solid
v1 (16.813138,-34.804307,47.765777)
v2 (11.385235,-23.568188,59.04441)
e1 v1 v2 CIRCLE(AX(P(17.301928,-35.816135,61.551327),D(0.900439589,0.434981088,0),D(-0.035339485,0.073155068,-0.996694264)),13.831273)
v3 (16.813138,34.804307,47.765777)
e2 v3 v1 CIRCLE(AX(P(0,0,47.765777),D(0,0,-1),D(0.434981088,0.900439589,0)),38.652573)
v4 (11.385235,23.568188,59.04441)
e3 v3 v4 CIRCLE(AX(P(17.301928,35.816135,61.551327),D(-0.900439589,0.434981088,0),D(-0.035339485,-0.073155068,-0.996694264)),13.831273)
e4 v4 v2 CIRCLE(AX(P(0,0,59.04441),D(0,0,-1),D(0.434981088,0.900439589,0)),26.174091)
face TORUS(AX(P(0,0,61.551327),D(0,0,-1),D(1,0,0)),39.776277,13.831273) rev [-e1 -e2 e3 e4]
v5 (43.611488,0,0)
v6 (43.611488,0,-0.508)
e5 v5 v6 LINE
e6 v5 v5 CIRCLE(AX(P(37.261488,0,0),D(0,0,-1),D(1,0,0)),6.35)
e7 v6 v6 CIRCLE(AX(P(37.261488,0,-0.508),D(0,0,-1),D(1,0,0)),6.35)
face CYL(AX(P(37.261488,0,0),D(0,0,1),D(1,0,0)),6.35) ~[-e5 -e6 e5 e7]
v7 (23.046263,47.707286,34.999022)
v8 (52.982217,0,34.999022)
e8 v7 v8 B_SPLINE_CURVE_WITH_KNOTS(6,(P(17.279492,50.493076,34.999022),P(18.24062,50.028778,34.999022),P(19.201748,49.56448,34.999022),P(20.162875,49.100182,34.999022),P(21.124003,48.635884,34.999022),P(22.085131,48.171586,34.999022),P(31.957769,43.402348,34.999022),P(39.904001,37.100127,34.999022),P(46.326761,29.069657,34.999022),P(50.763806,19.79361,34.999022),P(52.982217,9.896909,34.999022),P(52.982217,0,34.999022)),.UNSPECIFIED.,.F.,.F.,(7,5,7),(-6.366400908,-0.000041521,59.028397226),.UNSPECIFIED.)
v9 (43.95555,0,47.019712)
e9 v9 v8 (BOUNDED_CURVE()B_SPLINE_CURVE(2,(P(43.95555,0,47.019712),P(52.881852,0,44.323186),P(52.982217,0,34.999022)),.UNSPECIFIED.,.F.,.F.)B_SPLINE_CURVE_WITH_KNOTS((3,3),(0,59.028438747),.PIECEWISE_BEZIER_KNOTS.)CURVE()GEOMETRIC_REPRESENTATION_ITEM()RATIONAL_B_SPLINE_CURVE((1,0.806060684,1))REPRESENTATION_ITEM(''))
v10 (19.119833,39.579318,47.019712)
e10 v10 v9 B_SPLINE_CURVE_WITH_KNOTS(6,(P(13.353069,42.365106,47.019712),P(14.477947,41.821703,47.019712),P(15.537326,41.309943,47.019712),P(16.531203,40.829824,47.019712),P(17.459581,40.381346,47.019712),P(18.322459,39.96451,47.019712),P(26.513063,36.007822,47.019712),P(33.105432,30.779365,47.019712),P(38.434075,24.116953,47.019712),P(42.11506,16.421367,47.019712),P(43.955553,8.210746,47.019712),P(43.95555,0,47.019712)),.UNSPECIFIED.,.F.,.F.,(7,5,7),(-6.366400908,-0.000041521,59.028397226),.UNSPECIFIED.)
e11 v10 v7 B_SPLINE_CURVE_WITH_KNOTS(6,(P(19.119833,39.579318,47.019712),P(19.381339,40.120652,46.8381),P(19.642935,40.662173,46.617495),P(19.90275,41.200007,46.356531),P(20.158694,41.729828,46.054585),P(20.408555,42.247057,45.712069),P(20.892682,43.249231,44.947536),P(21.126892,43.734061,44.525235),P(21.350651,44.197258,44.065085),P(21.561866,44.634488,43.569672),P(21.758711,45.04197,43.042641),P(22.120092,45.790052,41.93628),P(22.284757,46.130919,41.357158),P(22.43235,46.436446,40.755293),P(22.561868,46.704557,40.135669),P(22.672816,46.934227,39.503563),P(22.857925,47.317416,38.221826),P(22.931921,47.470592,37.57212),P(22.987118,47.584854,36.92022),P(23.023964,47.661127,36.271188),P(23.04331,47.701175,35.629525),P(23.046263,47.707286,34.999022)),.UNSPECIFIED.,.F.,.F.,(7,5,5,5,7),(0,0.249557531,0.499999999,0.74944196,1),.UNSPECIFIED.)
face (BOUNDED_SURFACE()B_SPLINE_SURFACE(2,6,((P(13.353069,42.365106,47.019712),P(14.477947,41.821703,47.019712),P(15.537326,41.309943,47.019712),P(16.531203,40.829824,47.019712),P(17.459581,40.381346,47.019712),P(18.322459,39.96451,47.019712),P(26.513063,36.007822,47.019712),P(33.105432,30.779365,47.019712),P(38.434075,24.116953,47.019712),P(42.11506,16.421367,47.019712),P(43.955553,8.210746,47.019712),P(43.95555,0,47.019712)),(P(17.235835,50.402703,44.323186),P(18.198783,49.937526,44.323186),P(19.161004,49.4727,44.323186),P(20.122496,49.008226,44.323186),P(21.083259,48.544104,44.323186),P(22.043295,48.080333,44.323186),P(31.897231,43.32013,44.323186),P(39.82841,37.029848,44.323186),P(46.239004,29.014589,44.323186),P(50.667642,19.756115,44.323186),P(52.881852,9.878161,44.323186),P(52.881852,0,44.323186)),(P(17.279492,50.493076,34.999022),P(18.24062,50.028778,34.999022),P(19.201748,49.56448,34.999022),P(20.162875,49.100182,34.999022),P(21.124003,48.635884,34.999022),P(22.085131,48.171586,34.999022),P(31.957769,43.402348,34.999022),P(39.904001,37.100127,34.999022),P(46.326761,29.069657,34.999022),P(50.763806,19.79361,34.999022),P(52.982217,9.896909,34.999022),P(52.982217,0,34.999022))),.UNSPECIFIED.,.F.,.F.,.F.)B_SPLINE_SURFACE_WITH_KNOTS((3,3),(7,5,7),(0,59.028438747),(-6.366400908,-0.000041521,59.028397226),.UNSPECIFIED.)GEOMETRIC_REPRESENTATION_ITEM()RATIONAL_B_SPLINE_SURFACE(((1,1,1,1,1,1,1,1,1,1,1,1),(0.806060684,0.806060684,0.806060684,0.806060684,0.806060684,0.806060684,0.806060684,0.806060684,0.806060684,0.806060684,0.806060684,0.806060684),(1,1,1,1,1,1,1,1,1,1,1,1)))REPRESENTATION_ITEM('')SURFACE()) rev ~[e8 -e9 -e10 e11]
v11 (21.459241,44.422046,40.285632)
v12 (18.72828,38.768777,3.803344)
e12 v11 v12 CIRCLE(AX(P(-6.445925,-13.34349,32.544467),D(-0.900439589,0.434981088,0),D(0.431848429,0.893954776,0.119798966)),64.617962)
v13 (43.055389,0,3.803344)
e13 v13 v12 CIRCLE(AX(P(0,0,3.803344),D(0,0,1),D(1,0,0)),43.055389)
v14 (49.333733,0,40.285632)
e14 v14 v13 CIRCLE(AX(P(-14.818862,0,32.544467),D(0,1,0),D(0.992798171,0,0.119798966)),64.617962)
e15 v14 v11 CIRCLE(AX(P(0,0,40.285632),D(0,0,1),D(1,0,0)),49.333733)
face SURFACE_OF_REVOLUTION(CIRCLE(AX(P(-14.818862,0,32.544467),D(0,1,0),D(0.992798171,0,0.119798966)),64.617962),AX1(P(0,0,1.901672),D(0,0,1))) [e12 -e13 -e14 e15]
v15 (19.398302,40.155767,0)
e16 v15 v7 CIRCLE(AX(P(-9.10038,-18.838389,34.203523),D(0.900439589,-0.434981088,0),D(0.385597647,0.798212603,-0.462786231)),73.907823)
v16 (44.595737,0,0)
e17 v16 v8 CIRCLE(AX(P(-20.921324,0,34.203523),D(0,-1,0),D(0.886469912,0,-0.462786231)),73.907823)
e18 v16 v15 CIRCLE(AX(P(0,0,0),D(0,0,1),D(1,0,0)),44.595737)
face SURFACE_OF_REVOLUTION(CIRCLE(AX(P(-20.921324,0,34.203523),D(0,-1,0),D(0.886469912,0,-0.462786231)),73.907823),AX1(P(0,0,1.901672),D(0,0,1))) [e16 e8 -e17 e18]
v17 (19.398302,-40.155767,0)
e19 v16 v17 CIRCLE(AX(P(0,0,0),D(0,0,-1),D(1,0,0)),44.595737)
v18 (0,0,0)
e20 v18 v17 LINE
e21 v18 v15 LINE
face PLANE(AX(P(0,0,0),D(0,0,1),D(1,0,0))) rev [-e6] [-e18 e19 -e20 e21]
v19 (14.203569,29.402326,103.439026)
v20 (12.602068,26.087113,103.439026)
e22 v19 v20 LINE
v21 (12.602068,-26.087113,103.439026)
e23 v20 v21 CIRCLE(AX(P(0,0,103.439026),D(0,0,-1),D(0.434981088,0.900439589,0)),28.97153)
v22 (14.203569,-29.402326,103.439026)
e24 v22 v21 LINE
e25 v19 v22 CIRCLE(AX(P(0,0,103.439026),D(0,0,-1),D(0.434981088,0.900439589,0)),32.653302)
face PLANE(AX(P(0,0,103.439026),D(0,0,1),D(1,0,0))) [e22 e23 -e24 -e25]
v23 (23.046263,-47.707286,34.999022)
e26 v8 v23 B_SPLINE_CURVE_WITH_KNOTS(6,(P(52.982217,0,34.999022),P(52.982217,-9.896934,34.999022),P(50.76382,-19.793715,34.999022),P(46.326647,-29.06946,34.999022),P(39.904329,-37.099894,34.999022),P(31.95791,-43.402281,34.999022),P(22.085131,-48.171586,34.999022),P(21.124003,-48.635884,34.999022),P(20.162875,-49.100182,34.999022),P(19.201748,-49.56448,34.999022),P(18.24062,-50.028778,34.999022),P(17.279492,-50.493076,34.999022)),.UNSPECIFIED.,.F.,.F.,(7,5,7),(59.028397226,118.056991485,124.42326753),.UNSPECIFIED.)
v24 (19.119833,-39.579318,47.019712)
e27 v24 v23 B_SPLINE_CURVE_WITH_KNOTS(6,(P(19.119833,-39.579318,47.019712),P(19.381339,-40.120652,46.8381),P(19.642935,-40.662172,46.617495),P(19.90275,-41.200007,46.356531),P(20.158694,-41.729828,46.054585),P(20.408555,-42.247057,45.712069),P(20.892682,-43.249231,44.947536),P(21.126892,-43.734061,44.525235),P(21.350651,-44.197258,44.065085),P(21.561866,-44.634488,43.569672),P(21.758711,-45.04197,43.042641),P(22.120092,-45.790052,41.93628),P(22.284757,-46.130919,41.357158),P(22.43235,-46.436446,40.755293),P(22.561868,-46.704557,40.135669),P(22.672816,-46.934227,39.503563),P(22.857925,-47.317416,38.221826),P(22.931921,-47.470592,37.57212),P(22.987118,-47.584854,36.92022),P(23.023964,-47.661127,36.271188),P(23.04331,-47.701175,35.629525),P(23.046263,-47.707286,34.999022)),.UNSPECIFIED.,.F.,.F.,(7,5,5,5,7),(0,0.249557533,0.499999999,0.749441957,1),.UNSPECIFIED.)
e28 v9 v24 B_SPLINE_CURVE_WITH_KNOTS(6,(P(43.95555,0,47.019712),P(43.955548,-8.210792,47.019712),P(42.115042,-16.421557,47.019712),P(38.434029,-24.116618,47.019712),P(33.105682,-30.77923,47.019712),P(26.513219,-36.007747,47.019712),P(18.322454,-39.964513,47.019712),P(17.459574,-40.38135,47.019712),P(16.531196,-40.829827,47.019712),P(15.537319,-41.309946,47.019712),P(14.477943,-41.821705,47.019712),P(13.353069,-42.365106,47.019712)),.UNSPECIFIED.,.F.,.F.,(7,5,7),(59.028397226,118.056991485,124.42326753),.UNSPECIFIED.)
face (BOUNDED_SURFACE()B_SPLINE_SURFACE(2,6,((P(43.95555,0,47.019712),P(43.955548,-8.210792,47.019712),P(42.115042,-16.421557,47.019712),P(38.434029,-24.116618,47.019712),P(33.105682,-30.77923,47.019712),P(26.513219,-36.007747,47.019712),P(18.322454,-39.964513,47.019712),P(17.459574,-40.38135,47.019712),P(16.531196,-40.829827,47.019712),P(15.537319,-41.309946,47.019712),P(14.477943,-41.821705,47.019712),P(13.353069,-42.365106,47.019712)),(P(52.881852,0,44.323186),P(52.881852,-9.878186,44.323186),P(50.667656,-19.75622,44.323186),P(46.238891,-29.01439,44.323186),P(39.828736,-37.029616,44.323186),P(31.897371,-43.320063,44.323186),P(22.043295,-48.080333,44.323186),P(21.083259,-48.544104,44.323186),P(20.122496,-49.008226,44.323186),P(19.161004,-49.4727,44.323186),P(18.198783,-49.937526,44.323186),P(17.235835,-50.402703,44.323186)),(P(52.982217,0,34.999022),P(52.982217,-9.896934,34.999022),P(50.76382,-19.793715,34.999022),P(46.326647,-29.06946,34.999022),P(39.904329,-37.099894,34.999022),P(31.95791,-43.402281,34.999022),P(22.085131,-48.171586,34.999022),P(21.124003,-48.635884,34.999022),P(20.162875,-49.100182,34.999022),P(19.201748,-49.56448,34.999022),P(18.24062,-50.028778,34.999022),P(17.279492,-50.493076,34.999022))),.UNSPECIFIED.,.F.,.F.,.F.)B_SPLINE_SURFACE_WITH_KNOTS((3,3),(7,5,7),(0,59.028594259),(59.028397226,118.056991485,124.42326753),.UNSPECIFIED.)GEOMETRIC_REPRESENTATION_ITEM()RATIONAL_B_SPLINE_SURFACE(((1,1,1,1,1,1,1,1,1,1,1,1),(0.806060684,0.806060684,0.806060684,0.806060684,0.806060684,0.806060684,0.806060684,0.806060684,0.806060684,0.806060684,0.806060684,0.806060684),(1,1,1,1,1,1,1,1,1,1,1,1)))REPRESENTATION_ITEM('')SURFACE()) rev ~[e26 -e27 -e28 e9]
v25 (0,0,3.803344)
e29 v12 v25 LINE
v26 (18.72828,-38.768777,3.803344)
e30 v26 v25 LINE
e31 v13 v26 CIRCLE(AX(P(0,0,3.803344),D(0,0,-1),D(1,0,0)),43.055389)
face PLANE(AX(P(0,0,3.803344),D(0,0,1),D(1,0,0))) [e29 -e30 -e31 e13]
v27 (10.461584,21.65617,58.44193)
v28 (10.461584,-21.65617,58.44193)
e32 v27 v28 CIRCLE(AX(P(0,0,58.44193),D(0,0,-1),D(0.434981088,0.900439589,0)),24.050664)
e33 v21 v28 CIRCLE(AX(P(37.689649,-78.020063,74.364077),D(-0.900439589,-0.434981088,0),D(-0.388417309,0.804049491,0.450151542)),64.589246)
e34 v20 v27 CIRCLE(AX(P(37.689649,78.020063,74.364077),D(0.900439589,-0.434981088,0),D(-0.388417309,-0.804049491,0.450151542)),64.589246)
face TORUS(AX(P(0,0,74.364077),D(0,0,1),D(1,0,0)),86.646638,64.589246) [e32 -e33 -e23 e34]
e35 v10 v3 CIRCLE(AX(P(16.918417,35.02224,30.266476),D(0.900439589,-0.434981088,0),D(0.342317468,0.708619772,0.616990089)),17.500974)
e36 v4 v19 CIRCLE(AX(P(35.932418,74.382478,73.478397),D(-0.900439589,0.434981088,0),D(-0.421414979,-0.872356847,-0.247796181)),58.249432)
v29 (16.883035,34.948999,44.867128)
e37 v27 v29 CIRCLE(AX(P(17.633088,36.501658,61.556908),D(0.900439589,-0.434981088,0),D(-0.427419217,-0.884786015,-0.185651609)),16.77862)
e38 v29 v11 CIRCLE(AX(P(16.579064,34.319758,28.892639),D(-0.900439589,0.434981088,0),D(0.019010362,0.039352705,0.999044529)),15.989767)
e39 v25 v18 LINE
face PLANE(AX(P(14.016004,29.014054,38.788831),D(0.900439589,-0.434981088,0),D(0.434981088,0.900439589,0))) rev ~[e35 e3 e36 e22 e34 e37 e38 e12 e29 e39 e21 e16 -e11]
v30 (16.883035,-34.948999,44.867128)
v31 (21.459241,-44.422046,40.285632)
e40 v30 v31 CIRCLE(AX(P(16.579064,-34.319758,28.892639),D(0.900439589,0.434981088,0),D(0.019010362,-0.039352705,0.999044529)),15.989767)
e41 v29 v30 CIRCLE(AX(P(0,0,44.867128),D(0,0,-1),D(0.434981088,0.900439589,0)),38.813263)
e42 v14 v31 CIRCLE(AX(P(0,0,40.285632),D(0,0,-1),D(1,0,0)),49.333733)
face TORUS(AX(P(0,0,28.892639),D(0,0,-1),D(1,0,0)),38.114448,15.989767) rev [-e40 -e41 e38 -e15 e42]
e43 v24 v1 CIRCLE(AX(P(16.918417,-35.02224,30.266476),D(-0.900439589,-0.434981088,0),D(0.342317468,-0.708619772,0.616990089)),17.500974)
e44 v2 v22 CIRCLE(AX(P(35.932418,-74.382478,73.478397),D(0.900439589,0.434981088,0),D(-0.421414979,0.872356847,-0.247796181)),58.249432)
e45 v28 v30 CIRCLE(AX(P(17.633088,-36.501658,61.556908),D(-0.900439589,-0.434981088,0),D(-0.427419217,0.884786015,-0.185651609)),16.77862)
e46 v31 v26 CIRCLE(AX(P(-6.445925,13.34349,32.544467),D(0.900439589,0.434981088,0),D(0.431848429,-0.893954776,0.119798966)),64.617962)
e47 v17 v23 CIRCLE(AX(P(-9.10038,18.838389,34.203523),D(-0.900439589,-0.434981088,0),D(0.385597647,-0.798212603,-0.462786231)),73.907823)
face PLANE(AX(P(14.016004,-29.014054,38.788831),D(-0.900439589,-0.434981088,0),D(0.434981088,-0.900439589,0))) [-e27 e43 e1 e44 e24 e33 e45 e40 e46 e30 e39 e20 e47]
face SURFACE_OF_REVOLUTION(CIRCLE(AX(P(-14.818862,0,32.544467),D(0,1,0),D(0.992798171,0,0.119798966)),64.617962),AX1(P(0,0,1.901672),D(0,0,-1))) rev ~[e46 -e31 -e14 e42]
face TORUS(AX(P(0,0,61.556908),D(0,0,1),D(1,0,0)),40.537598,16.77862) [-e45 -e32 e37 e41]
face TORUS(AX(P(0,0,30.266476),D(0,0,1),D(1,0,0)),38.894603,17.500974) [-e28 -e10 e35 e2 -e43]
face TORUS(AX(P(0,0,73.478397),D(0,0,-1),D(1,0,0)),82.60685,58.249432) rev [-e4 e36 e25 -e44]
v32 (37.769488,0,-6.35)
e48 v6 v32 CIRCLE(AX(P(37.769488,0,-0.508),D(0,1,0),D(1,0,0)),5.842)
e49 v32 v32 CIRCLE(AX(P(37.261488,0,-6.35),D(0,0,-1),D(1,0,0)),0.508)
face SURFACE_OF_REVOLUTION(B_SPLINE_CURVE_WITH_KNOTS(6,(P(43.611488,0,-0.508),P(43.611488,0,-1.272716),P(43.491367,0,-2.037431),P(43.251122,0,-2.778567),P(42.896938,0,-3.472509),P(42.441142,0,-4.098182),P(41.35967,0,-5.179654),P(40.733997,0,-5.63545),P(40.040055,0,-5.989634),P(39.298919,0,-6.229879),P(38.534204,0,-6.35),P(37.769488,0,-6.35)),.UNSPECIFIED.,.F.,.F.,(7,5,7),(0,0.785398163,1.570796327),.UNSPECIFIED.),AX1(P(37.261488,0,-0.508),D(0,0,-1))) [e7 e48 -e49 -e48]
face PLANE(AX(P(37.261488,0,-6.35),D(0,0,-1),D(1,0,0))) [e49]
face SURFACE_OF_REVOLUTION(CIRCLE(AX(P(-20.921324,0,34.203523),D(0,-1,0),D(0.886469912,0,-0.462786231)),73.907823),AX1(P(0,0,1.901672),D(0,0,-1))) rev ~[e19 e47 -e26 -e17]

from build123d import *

# Parameters (mm, degrees)
F1_ANGLE = 128.431819
F2_R     = 12.7
F3_R     = 6.35
F4_DEPTH = 6.35
F5_R     = 5.842


with BuildPart() as f1:
    # F0 (on Front) → F1 (revolve, symmetric)
    with BuildSketch(Plane.XZ) as f1_sk:
        with BuildLine():
            Line((0, 3.803344), (0, 0))
            Line((0, 0), (44.595737, 0))
            ThreePointArc((44.595737, 0), (51.598835, 19.948952), (52.667361, 41.064404))
            ThreePointArc((52.667361, 41.064404), (46.444255, 46.055297), (38.652573, 47.765777))
            ThreePointArc((38.652573, 47.765777), (30.501858, 51.290272), (26.174091, 59.04441))
            ThreePointArc((26.174091, 59.04441), (24.968043, 81.890542), (32.653302, 103.439026))
            Line((32.653302, 103.439026), (28.97153, 103.439026))
            ThreePointArc((28.97153, 103.439026), (22.44019, 81.38567), (24.050664, 58.44193))
            ThreePointArc((24.050664, 58.44193), (29.180601, 49.206171), (38.813263, 44.867128))
            ThreePointArc((38.813263, 44.867128), (44.498632, 43.552613), (49.333733, 40.285632))
            ThreePointArc((49.333733, 40.285632), (48.862981, 21.585272), (43.055389, 3.803344))
            Line((43.055389, 3.803344), (0, 3.803344))
        make_face()
    revolve(axis=Axis((0, 0, 1.901672), (0, 0, -1)), revolution_arc=F1_ANGLE / 2)
    revolve(f1_sk.sketch, axis=Axis((0, 0, 1.901672), (0, 0, 1)), revolution_arc=F1_ANGLE / 2)

    # F2
    f2_edges = [f1.edges().sort_by_distance(p)[0] for p in [
        (44.61179, -27.993555, 41.064404),
    ]]
    fillet(f2_edges, radius=F2_R)

    # F3 (on face) → F4 (join)
    with BuildSketch(Plane(origin=(0, 0, 0), x_dir=(1, 0, 0), z_dir=(0, 0, -1))):
        with Locations((37.261488, 0)):
            Circle(F3_R)
    extrude(amount=F4_DEPTH)

    # F5
    f5_edges = [f1.edges().sort_by_distance(p)[0] for p in [
        (30.911488, 0, -6.35),
    ]]
    fillet(f5_edges, radius=F5_R)


solid = f1.part
